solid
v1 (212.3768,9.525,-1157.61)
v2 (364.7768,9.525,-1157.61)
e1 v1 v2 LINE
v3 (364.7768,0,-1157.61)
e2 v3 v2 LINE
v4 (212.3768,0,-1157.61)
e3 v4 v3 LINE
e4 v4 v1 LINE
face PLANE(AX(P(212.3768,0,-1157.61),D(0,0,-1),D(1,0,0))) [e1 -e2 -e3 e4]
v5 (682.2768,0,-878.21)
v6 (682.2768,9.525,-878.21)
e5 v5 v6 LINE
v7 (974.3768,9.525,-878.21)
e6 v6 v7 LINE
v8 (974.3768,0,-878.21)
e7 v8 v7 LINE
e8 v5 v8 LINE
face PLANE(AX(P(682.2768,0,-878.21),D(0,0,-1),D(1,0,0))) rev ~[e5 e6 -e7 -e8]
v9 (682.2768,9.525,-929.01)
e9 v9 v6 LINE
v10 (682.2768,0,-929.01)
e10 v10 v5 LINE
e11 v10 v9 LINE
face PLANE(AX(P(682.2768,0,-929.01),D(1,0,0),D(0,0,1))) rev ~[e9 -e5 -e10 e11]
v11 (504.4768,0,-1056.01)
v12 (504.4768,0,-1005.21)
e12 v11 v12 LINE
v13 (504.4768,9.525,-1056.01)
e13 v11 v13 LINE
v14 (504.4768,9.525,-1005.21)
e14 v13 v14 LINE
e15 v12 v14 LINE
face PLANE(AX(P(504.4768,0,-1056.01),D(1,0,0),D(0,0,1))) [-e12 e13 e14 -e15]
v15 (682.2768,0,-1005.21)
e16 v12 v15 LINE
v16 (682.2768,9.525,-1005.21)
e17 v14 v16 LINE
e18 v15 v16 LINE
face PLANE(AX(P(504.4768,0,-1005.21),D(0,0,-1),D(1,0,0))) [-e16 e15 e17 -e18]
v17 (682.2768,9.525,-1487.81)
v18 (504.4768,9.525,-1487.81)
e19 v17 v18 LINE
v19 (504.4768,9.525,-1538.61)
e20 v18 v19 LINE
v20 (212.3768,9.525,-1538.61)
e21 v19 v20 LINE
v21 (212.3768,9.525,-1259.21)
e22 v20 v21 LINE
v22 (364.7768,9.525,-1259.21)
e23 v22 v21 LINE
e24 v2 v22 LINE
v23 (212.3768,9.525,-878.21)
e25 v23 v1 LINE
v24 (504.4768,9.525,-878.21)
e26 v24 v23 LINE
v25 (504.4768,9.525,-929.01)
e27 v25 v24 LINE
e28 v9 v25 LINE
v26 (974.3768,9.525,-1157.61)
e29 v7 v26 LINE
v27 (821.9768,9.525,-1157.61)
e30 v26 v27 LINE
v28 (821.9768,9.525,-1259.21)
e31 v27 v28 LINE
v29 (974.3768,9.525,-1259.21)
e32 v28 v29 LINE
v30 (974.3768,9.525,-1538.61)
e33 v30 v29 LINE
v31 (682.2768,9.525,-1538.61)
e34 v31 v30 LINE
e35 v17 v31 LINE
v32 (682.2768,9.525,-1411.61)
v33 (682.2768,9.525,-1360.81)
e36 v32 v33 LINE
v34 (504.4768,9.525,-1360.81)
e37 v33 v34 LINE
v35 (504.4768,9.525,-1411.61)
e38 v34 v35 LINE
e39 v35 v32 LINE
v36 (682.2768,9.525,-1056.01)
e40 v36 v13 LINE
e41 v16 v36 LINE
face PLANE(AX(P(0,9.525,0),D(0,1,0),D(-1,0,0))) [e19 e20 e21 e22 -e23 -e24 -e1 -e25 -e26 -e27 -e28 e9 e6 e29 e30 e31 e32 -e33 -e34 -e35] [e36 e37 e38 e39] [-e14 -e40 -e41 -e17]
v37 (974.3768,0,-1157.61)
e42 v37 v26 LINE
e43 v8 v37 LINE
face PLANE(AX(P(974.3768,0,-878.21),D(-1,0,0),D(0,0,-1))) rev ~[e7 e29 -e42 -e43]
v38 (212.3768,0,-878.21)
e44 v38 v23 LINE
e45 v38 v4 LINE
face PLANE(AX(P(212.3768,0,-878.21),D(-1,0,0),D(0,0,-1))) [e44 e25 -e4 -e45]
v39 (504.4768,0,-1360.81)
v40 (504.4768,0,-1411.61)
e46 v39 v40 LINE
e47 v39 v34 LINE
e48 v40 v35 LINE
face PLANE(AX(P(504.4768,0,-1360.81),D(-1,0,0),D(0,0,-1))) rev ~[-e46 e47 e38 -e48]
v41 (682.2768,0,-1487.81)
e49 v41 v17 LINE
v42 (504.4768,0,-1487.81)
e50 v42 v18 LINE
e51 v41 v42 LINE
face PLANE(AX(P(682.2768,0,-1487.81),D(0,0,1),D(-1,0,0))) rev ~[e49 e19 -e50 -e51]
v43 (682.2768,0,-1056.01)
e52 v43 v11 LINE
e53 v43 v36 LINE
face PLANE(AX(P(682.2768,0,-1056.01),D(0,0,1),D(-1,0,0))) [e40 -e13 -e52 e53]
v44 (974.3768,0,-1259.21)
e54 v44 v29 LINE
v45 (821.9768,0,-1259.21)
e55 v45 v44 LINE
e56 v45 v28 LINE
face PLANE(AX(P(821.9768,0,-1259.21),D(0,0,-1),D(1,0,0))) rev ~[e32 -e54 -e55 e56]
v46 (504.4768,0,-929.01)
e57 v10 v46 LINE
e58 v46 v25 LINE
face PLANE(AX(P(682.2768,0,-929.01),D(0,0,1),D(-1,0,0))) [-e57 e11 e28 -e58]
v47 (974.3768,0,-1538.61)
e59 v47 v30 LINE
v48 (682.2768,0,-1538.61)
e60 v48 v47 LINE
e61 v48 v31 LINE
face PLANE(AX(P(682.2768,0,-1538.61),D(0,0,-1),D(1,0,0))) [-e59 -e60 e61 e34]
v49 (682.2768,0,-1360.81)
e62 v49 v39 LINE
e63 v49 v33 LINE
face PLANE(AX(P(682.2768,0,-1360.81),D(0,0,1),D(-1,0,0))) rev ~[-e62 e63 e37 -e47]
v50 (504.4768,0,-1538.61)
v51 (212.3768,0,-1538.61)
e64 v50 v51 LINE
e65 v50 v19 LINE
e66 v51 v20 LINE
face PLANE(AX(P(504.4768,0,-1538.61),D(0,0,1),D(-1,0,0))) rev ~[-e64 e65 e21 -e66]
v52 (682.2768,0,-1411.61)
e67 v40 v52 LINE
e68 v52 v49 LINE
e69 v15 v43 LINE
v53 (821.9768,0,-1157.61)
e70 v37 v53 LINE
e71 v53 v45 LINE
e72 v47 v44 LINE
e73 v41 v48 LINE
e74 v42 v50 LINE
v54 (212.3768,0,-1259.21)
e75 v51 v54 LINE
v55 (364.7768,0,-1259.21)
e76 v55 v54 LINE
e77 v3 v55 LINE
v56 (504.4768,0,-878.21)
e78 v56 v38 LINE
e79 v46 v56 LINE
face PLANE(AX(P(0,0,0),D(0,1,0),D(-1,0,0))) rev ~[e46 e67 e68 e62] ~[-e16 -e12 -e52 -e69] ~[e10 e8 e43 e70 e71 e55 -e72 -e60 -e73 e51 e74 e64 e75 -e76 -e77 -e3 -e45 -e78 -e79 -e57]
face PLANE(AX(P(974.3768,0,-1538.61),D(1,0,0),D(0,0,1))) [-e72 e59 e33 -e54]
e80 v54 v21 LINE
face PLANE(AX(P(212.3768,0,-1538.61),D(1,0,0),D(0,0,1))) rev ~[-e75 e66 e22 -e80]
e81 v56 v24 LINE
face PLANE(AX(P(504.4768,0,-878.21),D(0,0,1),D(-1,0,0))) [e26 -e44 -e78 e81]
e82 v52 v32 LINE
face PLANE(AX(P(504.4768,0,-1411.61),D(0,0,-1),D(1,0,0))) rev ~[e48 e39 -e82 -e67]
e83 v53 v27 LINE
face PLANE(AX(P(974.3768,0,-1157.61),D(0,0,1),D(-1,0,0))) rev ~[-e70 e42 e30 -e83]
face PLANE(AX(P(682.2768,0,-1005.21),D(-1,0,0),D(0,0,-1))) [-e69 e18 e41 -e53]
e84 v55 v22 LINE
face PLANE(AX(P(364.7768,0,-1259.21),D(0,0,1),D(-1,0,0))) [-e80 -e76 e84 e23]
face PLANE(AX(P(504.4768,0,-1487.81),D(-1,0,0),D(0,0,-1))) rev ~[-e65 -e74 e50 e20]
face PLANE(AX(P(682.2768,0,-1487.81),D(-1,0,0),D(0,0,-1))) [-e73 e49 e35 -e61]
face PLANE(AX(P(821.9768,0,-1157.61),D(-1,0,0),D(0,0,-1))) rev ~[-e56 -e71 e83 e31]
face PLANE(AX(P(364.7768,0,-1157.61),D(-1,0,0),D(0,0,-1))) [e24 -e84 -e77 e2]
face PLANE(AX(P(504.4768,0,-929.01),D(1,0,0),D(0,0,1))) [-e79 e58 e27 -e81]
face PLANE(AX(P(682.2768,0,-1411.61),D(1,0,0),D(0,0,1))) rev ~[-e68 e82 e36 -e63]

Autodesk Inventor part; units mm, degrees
ref_plane "YZ Plane" through (0, 0, 0) normal (1, 0, 0) x (0, 1, 0)
ref_plane "XZ Plane" through (0, 0, 0) normal (0, 1, 0) x (-1, 0, 0)
ref_plane "XY Plane" through (0, 0, 0) normal (0, 0, 1) x (1, 0, 0)
sketch "Sketch1" plane through (0, 0, 0) normal (0, 1, 0) x (-1, 0, 0)
  line L0 (-212.3768, -1157.61) -> (-364.7768, -1157.61)
  line L1 (-364.7768, -1157.61) -> (-364.7768, -1259.21)
  line L2 (-364.7768, -1259.21) -> (-212.3768, -1259.21)
  line L3 (-974.3768, -1157.61) -> (-821.9768, -1157.61)
  line L4 (-821.9768, -1157.61) -> (-821.9768, -1259.21)
  line L5 (-821.9768, -1259.21) -> (-974.3768, -1259.21)
  line L6 (-682.2768, -929.01) -> (-504.4768, -929.01)
  line L7 (-682.2768, -1487.81) -> (-504.4768, -1487.81)
  line L8 (-504.4768, -1487.81) -> (-504.4768, -1538.61)
  line L9 (-682.2768, -1487.81) -> (-682.2768, -1538.61)
  line L10 (-504.4768, -929.01) -> (-504.4768, -878.21)
  line L11 (-682.2768, -929.01) -> (-682.2768, -878.21)
  line L12 (-504.4768, -878.21) -> (-212.3768, -878.21)
  line L13 (-212.3768, -878.21) -> (-212.3768, -1157.61)
  line L14 (-504.4768, -1538.61) -> (-212.3768, -1538.61)
  line L15 (-212.3768, -1538.61) -> (-212.3768, -1259.21)
  line L16 (-682.2768, -1538.61) -> (-974.3768, -1538.61)
  line L17 (-974.3768, -1538.61) -> (-974.3768, -1259.21)
  line L18 (-682.2768, -878.21) -> (-974.3768, -878.21)
  line L19 (-974.3768, -878.21) -> (-974.3768, -1157.61)
  line L20 (-504.4768, -1005.21) -> (-682.2768, -1005.21)
  line L21 (-682.2768, -1005.21) -> (-682.2768, -1056.01)
  line L22 (-682.2768, -1056.01) -> (-504.4768, -1056.01)
  line L23 (-504.4768, -1056.01) -> (-504.4768, -1005.21)
  line L24 (-504.4768, -1411.61) -> (-682.2768, -1411.61)
  line L25 (-682.2768, -1411.61) -> (-682.2768, -1360.81)
  line L26 (-682.2768, -1360.81) -> (-504.4768, -1360.81)
  line L27 (-504.4768, -1360.81) -> (-504.4768, -1411.61)
  dimension "d9" = 152.4
  dimension "d10" = 101.6
  dimension "d14" = 152.4
  dimension "d15" = 101.6
  dimension "d27" = 177.8
  dimension "d29" = 177.8
  dimension "d30" = 50.8
  dimension "d31" = 50.8
  dimension "d32" = 50.8
  dimension "d33" = 76.2
  dimension "d34" = 177.8
  dimension "d35" = 50.8
  dimension "d36" = 76.2
  dimension "d37" = 177.8
  dimension "d38" = 50.8
extrude "Extrusion3" add sketch "Sketch1" along normal blind 9.525
properties part number "Wood Base"
